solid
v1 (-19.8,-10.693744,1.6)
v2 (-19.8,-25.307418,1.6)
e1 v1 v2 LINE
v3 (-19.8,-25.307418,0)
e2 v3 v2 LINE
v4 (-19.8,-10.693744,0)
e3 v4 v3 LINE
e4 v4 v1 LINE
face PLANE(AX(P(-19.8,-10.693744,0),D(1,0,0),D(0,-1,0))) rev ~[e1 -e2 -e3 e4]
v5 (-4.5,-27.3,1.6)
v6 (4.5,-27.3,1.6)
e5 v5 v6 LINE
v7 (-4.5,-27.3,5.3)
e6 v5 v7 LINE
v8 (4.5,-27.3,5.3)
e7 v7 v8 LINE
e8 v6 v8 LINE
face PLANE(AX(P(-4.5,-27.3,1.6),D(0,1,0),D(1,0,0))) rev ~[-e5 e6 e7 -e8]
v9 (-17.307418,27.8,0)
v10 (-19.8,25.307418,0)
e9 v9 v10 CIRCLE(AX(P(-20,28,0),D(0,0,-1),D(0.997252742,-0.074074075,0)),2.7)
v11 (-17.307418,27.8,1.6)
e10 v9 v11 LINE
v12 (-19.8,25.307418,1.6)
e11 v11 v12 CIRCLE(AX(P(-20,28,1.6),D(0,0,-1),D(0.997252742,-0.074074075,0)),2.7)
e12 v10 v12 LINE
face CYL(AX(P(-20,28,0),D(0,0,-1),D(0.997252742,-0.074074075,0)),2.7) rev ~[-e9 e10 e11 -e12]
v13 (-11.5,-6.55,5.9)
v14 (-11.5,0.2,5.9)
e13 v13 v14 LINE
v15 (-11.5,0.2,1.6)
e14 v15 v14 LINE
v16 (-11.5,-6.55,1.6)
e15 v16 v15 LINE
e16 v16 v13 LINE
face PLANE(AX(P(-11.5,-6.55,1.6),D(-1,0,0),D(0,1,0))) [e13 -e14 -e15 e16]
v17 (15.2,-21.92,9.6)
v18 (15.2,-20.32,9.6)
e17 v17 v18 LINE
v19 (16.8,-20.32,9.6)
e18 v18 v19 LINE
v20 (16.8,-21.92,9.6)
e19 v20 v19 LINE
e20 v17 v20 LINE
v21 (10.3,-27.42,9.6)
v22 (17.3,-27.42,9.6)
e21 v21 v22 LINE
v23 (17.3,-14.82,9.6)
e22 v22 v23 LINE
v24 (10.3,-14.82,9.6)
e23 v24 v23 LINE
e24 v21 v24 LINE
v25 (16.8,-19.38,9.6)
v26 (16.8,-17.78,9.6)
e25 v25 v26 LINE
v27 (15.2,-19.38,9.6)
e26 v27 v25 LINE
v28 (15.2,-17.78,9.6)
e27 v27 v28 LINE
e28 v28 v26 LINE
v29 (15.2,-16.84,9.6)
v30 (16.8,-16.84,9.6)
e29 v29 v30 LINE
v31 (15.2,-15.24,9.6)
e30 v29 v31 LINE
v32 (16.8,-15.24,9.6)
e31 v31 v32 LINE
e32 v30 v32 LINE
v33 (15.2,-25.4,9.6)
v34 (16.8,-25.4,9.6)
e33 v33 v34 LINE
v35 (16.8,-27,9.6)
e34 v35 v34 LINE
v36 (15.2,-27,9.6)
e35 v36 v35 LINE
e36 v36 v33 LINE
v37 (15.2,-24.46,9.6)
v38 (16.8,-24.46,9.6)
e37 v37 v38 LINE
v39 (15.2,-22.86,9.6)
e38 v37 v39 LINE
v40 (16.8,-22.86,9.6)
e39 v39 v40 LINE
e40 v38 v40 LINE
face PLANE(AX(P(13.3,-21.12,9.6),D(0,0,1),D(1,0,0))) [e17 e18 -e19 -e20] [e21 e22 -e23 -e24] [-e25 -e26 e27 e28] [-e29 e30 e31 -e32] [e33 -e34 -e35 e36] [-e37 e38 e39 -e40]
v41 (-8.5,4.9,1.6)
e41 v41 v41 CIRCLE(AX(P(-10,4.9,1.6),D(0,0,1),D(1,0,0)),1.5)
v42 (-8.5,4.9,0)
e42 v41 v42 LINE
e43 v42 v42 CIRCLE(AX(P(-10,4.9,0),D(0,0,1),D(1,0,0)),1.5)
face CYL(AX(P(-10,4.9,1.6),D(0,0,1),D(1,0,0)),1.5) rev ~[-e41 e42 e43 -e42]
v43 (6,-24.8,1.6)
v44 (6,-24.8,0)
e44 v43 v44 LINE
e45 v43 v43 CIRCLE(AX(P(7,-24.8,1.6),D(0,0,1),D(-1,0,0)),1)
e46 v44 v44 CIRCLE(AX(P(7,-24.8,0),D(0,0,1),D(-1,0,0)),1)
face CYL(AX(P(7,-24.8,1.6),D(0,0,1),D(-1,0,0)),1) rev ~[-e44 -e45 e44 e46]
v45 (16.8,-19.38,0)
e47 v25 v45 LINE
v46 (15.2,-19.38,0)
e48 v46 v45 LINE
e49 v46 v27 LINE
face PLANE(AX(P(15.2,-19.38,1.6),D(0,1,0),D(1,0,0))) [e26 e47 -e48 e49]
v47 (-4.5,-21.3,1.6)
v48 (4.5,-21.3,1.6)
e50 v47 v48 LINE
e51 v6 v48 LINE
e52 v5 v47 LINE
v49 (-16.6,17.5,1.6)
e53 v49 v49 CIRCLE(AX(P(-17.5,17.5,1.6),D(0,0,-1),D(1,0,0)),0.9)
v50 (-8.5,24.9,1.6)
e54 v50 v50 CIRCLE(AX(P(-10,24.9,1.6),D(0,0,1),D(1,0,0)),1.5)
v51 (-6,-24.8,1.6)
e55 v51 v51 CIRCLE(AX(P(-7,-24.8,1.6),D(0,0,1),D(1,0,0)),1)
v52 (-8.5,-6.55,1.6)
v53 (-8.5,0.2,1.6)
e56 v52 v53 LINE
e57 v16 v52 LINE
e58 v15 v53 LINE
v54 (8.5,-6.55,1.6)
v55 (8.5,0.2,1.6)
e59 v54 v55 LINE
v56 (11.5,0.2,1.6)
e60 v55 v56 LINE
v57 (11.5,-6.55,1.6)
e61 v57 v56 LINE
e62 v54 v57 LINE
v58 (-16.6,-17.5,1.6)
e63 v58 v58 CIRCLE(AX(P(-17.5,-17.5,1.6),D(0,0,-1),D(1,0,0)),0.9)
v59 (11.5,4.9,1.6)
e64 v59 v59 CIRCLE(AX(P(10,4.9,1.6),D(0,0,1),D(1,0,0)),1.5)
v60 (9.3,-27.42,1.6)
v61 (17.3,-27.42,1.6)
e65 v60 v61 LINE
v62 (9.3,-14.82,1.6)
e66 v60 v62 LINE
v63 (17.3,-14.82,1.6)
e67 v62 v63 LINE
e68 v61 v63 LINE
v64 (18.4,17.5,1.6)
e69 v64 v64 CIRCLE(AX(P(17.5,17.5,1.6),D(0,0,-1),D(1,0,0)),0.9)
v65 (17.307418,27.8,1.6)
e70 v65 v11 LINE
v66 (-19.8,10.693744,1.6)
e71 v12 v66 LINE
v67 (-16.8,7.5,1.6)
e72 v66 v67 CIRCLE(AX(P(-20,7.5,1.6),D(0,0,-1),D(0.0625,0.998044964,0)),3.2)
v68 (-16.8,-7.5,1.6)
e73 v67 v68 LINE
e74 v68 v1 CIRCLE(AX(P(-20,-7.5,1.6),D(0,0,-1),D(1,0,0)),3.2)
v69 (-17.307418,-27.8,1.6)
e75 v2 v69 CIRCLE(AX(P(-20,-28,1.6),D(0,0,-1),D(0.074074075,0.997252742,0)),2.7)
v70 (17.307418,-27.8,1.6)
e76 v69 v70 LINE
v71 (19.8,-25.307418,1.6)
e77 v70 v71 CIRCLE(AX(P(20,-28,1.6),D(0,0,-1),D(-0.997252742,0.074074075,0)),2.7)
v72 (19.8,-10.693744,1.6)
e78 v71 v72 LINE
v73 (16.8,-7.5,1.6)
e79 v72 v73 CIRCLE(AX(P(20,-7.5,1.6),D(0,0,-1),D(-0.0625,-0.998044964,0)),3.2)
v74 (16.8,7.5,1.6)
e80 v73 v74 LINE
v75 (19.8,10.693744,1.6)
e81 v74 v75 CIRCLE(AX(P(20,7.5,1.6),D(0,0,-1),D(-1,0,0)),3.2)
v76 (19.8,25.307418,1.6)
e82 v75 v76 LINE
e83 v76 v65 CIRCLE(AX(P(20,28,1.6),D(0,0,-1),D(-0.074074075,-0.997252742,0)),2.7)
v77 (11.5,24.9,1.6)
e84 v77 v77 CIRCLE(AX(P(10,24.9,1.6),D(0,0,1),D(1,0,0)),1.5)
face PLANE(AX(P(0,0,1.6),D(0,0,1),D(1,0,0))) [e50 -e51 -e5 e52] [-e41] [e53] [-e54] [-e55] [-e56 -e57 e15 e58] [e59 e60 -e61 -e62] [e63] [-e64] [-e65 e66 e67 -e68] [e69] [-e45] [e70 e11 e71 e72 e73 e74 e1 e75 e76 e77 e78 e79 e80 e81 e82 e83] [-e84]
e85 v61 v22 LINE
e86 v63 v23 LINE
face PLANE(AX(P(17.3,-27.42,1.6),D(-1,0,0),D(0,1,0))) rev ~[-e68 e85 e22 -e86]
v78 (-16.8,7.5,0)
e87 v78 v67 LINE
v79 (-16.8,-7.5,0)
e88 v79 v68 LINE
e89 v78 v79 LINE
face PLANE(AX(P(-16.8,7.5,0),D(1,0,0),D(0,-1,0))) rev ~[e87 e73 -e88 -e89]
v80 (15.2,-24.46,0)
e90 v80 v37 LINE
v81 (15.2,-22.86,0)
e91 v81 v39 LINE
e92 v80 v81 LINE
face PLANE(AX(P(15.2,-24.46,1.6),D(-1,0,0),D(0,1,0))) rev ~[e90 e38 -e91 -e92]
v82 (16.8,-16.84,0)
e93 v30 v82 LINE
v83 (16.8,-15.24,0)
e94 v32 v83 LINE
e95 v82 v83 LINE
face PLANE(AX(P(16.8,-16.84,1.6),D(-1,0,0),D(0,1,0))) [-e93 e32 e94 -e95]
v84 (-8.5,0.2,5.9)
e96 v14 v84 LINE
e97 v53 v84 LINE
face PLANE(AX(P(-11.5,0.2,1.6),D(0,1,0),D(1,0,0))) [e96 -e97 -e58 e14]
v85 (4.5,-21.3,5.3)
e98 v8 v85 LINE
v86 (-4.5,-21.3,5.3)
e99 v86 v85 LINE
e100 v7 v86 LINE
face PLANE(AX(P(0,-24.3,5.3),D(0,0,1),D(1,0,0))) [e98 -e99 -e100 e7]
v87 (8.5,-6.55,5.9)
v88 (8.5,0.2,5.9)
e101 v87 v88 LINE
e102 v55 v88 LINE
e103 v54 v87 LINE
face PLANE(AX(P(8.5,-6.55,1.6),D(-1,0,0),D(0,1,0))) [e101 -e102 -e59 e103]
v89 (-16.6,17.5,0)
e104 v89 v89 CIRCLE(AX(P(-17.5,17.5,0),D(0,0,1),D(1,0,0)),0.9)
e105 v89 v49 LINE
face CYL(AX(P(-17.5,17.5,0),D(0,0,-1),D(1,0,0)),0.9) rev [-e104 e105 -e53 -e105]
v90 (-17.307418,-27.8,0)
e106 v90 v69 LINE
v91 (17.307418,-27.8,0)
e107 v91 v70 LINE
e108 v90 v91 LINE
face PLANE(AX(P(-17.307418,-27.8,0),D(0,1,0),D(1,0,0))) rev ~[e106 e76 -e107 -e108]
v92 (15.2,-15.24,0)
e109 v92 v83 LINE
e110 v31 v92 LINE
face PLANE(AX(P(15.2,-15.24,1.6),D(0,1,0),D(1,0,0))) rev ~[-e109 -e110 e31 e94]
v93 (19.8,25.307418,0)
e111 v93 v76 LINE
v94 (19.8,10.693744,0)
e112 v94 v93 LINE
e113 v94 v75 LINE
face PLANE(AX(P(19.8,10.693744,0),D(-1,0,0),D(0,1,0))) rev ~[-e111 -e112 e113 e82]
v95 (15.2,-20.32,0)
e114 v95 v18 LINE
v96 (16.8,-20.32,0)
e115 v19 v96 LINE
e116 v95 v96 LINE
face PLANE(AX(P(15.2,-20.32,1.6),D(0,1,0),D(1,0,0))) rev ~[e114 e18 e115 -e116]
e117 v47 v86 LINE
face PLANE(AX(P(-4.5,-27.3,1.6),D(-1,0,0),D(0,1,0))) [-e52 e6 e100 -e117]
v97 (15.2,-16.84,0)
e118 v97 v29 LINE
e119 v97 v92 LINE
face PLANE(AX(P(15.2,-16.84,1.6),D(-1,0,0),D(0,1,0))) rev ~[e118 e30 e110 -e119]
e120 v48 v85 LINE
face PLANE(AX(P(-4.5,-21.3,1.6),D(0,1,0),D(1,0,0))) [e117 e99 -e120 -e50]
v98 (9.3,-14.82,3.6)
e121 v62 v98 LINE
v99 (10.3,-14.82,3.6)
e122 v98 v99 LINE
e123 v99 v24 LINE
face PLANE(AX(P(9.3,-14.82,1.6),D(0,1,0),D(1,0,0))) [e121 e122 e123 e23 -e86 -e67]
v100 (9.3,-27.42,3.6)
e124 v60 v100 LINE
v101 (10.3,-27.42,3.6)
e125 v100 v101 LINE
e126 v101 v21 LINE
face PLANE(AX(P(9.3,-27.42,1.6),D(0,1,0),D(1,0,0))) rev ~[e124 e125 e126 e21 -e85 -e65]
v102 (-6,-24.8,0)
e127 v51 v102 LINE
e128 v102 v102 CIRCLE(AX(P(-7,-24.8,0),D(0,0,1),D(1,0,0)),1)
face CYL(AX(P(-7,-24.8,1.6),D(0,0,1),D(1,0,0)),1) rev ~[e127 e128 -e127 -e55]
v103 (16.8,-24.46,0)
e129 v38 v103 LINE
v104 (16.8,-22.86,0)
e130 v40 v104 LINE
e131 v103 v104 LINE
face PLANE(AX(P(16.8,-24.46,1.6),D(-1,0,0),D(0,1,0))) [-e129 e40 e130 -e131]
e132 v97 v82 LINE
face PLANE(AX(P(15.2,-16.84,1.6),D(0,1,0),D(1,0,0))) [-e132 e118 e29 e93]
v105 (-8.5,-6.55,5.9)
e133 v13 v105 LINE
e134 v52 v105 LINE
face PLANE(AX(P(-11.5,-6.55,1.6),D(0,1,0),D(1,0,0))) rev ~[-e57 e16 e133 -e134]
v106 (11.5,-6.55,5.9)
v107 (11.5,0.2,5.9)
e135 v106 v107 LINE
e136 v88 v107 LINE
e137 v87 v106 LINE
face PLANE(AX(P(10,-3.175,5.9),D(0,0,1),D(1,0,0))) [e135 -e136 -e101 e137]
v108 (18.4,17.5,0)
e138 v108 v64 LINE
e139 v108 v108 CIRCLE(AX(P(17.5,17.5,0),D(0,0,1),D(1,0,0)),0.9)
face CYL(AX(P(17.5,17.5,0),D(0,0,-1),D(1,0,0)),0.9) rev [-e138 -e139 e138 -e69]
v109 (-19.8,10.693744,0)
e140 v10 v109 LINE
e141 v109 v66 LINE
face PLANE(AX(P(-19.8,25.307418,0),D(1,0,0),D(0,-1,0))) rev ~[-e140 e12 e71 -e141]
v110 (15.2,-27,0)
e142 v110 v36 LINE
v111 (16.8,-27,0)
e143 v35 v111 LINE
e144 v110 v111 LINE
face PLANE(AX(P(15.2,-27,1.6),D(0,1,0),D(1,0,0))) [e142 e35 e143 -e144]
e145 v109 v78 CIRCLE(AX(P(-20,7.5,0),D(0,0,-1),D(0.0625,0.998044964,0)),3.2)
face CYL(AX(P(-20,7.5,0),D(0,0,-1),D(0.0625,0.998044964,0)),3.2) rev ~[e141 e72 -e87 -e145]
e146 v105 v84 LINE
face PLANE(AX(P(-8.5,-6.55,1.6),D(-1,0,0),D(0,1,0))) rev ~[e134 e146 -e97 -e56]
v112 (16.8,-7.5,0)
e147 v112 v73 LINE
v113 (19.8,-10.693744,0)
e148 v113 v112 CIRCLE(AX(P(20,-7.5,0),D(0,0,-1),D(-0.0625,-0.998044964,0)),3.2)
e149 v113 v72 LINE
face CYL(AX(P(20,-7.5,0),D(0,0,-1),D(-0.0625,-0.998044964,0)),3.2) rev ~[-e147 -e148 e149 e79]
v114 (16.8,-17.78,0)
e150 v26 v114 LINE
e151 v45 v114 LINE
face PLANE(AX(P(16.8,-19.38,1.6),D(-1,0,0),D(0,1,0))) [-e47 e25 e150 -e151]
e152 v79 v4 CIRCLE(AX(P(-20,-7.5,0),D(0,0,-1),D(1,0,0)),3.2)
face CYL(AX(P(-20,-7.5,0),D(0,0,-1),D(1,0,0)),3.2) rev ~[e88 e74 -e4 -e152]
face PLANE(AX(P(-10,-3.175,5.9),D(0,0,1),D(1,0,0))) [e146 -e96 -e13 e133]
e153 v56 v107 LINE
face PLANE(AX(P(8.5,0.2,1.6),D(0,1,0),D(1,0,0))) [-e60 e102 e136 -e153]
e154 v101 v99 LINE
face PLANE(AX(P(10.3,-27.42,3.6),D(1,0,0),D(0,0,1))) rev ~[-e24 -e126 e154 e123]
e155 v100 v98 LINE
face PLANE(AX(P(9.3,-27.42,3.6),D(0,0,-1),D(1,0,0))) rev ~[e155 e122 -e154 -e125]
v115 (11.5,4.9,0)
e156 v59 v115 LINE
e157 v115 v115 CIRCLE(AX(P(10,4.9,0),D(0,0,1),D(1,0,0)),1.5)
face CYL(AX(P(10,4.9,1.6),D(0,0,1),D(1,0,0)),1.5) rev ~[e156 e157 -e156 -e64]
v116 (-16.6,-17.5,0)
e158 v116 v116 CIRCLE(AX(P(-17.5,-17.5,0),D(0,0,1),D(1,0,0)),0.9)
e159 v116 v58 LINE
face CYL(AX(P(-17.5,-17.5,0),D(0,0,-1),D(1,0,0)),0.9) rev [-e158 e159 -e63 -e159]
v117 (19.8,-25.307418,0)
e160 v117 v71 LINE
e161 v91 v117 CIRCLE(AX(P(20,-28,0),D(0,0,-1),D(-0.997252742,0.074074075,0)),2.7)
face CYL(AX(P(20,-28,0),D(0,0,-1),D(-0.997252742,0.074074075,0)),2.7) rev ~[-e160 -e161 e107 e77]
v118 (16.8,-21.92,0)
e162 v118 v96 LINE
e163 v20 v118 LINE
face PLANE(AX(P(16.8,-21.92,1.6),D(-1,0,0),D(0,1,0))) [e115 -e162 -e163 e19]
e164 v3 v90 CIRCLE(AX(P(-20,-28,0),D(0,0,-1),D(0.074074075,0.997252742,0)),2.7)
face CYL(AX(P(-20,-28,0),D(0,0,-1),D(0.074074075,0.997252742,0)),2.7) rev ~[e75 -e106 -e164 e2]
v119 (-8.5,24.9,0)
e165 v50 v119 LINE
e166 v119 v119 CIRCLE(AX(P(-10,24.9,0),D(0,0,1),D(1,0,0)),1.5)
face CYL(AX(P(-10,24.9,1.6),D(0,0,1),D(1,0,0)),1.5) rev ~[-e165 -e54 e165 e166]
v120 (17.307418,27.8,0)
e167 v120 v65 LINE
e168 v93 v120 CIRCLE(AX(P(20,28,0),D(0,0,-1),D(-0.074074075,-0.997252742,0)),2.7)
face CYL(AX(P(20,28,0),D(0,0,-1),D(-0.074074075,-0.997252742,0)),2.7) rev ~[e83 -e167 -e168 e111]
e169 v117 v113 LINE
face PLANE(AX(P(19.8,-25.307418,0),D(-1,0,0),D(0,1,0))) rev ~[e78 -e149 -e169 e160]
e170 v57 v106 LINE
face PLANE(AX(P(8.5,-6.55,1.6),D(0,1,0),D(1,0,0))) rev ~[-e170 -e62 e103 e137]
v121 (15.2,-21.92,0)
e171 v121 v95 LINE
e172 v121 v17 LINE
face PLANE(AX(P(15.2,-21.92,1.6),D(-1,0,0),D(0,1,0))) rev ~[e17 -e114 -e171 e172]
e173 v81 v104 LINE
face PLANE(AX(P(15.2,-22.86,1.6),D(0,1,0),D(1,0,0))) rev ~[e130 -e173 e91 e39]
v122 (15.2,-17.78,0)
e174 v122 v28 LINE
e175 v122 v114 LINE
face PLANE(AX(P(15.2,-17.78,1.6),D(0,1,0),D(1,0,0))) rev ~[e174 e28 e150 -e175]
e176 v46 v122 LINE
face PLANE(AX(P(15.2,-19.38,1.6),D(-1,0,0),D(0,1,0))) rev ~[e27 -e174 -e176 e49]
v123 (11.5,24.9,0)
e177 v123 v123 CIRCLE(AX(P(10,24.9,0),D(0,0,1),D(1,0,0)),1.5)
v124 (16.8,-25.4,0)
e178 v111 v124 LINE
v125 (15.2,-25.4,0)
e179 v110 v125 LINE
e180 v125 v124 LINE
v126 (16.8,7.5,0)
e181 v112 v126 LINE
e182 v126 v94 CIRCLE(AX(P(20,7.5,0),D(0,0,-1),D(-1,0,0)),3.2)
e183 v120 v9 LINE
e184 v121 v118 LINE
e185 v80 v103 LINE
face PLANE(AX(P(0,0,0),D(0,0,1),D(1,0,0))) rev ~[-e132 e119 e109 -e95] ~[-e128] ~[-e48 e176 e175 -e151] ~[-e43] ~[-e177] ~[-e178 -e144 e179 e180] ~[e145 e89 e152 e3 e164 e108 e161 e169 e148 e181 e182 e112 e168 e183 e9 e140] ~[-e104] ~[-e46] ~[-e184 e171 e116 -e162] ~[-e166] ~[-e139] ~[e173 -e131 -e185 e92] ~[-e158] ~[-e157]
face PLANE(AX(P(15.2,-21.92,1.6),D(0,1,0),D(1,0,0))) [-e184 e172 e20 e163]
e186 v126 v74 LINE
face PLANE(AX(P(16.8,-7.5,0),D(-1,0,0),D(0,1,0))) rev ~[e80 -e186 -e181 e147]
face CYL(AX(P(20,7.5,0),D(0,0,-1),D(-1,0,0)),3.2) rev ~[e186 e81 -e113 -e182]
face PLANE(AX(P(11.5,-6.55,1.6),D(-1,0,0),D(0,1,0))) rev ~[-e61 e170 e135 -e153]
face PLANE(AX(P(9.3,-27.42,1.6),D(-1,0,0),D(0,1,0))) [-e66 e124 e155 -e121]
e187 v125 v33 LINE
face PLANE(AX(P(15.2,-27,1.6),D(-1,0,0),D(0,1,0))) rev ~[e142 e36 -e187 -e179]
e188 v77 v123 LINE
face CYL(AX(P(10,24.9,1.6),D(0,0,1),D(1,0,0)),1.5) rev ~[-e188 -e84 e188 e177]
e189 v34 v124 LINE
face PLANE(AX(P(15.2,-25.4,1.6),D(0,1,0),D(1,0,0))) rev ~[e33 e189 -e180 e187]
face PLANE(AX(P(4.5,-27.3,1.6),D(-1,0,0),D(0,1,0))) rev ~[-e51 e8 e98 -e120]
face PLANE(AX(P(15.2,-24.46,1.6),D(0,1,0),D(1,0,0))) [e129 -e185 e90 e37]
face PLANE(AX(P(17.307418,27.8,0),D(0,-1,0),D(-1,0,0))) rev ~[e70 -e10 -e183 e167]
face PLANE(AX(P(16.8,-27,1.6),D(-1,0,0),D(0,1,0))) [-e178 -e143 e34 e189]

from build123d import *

# Parameters (mm, degrees)
EXTRUDE_1_DEPTH     = 1.6
SKETCH_2_3_R        = 0.9
SKETCH_2_3_W        = 1.6
SKETCH_2_3_H        = 1.6
CUT_EXTRUDE_4_DEPTH = 35.167821119
SKETCH_3_W          = 9
SKETCH_3_H          = 6
EXTRUDE_2_DEPTH     = 3.7
SKETCH_4_R          = 1.5
CUT_EXTRUDE_5_DEPTH = 35.33030731
SKETCH_8_W          = 8
SKETCH_8_H          = 12.6
SKETCH_8_W_2        = 1.6
SKETCH_8_H_2        = 1.6
EXTRUDE_7_DEPTH     = 8
SKETCH_9_W          = 3
SKETCH_9_H          = 6.75
EXTRUDE_9_DEPTH     = 4.3
SKETCH_10_R         = 1
CUT_EXTRUDE_6_DEPTH = 36.05538475
SKETCH_11_W         = 1
SKETCH_11_H         = 6
CUT_EXTRUDE_7_DEPTH = 12.6


with BuildPart() as part:
    # 草图2 → 凸台-拉伸1 (new body)
    with BuildSketch(Plane.XY):
        with BuildLine():
            Line((19.8, 10.693743885), (19.8, 25.307417596))
            ThreePointArc((19.8, 25.307417596), (18.090811691, 26.090811691), (17.307417596, 27.8))
            Line((17.307417596, 27.8), (-17.307417596, 27.8))
            ThreePointArc((-17.307417596, 27.8), (-18.090811691, 26.090811691), (-19.8, 25.307417596))
            Line((-19.8, 25.307417596), (-19.8, 10.693743885))
            ThreePointArc((-19.8, 10.693743885), (-17.667619242, 9.69089023), (-16.8, 7.5))
            Line((-16.8, 7.5), (-16.8, -7.5))
            ThreePointArc((-16.8, -7.5), (-17.667619242, -9.69089023), (-19.8, -10.693743885))
            Line((-19.8, -10.693743885), (-19.8, -25.307417596))
            ThreePointArc((-19.8, -25.307417596), (-18.090811691, -26.090811691), (-17.307417596, -27.8))
            Line((-17.307417596, -27.8), (17.307417596, -27.8))
            ThreePointArc((17.307417596, -27.8), (18.090811691, -26.090811691), (19.8, -25.307417596))
            Line((19.8, -25.307417596), (19.8, -10.693743885))
            ThreePointArc((19.8, -10.693743885), (17.667619242, -9.69089023), (16.8, -7.5))
            Line((16.8, -7.5), (16.8, 7.5))
            ThreePointArc((16.8, 7.5), (17.667619242, 9.69089023), (19.8, 10.693743885))
        make_face()
    extrude(amount=EXTRUDE_1_DEPTH)

    # 草图2<3> → 切除-拉伸4 (cut, through all)
    with BuildSketch(Plane.XY):
        with Locations((17.5, 17.5)):
            Circle(SKETCH_2_3_R)
        with Locations((-17.5, 17.5)):
            Circle(SKETCH_2_3_R)
        with Locations((-17.5, -17.5)):
            Circle(SKETCH_2_3_R)
        with Locations((16, -16.04)):
            Rectangle(SKETCH_2_3_W, SKETCH_2_3_H)
        with Locations((16, -18.58)):
            Rectangle(SKETCH_2_3_W, SKETCH_2_3_H)
        with Locations((16, -21.12)):
            Rectangle(SKETCH_2_3_W, SKETCH_2_3_H)
        with Locations((16, -23.66)):
            Rectangle(SKETCH_2_3_W, SKETCH_2_3_H)
        with Locations((16, -26.2)):
            Rectangle(SKETCH_2_3_W, SKETCH_2_3_H)
    extrude(amount=CUT_EXTRUDE_4_DEPTH, mode=Mode.SUBTRACT)

    # 草图3 → 凸台-拉伸2 (add)
    with BuildSketch(Plane.XY.offset(1.6)):
        with Locations((0, -24.3)):
            Rectangle(SKETCH_3_W, SKETCH_3_H)
    extrude(amount=EXTRUDE_2_DEPTH)

    # 草图4 → 切除-拉伸5 (cut, through all)
    with BuildSketch(Plane.XY.offset(1.6)):
        with Locations((-10, 24.9)):
            Circle(SKETCH_4_R)
        with Locations((10, 24.9)):
            Circle(SKETCH_4_R)
        with Locations((-10, 4.9)):
            Circle(SKETCH_4_R)
        with Locations((10, 4.9)):
            Circle(SKETCH_4_R)
    extrude(amount=-CUT_EXTRUDE_5_DEPTH, mode=Mode.SUBTRACT)

    # 草图8 → 凸台-拉伸7 (add)
    with BuildSketch(Plane.XY.offset(1.6)):
        with Locations((13.3, -21.12)):
            Rectangle(SKETCH_8_W, SKETCH_8_H)
        with Locations((16, -26.2)):
            Rectangle(SKETCH_8_W_2, SKETCH_8_H_2, mode=Mode.SUBTRACT)
        with Locations((16, -23.66)):
            Rectangle(SKETCH_8_W_2, SKETCH_8_H_2, mode=Mode.SUBTRACT)
        with Locations((16, -21.12)):
            Rectangle(SKETCH_8_W_2, SKETCH_8_H_2, mode=Mode.SUBTRACT)
        with Locations((16, -18.58)):
            Rectangle(SKETCH_8_W_2, SKETCH_8_H_2, mode=Mode.SUBTRACT)
        with Locations((16, -16.04)):
            Rectangle(SKETCH_8_W_2, SKETCH_8_H_2, mode=Mode.SUBTRACT)
    extrude(amount=EXTRUDE_7_DEPTH)

    # 草图9 → 凸台-拉伸9 (add)
    with BuildSketch(Plane.XY.offset(1.6)):
        with Locations((-10, -3.175)):
            Rectangle(SKETCH_9_W, SKETCH_9_H)
        with Locations((10, -3.175)):
            Rectangle(SKETCH_9_W, SKETCH_9_H)
    extrude(amount=EXTRUDE_9_DEPTH)

    # 草图10 → 切除-拉伸6 (cut, through all)
    with BuildSketch(Plane.XY.offset(1.6)):
        with Locations((-7, -24.8)):
            Circle(SKETCH_10_R)
        with Locations(Location((7, -24.8, 0), (0, 0, 180))):
            Circle(SKETCH_10_R)
    extrude(amount=-CUT_EXTRUDE_6_DEPTH, mode=Mode.SUBTRACT)

    # 草图11 → 切除-拉伸7 (cut)
    with BuildSketch(Plane.XZ.offset(27.42)):
        with Locations((9.8, 6.6)):
            Rectangle(SKETCH_11_W, SKETCH_11_H)
    extrude(amount=-CUT_EXTRUDE_7_DEPTH, mode=Mode.SUBTRACT)


solid = part.part
